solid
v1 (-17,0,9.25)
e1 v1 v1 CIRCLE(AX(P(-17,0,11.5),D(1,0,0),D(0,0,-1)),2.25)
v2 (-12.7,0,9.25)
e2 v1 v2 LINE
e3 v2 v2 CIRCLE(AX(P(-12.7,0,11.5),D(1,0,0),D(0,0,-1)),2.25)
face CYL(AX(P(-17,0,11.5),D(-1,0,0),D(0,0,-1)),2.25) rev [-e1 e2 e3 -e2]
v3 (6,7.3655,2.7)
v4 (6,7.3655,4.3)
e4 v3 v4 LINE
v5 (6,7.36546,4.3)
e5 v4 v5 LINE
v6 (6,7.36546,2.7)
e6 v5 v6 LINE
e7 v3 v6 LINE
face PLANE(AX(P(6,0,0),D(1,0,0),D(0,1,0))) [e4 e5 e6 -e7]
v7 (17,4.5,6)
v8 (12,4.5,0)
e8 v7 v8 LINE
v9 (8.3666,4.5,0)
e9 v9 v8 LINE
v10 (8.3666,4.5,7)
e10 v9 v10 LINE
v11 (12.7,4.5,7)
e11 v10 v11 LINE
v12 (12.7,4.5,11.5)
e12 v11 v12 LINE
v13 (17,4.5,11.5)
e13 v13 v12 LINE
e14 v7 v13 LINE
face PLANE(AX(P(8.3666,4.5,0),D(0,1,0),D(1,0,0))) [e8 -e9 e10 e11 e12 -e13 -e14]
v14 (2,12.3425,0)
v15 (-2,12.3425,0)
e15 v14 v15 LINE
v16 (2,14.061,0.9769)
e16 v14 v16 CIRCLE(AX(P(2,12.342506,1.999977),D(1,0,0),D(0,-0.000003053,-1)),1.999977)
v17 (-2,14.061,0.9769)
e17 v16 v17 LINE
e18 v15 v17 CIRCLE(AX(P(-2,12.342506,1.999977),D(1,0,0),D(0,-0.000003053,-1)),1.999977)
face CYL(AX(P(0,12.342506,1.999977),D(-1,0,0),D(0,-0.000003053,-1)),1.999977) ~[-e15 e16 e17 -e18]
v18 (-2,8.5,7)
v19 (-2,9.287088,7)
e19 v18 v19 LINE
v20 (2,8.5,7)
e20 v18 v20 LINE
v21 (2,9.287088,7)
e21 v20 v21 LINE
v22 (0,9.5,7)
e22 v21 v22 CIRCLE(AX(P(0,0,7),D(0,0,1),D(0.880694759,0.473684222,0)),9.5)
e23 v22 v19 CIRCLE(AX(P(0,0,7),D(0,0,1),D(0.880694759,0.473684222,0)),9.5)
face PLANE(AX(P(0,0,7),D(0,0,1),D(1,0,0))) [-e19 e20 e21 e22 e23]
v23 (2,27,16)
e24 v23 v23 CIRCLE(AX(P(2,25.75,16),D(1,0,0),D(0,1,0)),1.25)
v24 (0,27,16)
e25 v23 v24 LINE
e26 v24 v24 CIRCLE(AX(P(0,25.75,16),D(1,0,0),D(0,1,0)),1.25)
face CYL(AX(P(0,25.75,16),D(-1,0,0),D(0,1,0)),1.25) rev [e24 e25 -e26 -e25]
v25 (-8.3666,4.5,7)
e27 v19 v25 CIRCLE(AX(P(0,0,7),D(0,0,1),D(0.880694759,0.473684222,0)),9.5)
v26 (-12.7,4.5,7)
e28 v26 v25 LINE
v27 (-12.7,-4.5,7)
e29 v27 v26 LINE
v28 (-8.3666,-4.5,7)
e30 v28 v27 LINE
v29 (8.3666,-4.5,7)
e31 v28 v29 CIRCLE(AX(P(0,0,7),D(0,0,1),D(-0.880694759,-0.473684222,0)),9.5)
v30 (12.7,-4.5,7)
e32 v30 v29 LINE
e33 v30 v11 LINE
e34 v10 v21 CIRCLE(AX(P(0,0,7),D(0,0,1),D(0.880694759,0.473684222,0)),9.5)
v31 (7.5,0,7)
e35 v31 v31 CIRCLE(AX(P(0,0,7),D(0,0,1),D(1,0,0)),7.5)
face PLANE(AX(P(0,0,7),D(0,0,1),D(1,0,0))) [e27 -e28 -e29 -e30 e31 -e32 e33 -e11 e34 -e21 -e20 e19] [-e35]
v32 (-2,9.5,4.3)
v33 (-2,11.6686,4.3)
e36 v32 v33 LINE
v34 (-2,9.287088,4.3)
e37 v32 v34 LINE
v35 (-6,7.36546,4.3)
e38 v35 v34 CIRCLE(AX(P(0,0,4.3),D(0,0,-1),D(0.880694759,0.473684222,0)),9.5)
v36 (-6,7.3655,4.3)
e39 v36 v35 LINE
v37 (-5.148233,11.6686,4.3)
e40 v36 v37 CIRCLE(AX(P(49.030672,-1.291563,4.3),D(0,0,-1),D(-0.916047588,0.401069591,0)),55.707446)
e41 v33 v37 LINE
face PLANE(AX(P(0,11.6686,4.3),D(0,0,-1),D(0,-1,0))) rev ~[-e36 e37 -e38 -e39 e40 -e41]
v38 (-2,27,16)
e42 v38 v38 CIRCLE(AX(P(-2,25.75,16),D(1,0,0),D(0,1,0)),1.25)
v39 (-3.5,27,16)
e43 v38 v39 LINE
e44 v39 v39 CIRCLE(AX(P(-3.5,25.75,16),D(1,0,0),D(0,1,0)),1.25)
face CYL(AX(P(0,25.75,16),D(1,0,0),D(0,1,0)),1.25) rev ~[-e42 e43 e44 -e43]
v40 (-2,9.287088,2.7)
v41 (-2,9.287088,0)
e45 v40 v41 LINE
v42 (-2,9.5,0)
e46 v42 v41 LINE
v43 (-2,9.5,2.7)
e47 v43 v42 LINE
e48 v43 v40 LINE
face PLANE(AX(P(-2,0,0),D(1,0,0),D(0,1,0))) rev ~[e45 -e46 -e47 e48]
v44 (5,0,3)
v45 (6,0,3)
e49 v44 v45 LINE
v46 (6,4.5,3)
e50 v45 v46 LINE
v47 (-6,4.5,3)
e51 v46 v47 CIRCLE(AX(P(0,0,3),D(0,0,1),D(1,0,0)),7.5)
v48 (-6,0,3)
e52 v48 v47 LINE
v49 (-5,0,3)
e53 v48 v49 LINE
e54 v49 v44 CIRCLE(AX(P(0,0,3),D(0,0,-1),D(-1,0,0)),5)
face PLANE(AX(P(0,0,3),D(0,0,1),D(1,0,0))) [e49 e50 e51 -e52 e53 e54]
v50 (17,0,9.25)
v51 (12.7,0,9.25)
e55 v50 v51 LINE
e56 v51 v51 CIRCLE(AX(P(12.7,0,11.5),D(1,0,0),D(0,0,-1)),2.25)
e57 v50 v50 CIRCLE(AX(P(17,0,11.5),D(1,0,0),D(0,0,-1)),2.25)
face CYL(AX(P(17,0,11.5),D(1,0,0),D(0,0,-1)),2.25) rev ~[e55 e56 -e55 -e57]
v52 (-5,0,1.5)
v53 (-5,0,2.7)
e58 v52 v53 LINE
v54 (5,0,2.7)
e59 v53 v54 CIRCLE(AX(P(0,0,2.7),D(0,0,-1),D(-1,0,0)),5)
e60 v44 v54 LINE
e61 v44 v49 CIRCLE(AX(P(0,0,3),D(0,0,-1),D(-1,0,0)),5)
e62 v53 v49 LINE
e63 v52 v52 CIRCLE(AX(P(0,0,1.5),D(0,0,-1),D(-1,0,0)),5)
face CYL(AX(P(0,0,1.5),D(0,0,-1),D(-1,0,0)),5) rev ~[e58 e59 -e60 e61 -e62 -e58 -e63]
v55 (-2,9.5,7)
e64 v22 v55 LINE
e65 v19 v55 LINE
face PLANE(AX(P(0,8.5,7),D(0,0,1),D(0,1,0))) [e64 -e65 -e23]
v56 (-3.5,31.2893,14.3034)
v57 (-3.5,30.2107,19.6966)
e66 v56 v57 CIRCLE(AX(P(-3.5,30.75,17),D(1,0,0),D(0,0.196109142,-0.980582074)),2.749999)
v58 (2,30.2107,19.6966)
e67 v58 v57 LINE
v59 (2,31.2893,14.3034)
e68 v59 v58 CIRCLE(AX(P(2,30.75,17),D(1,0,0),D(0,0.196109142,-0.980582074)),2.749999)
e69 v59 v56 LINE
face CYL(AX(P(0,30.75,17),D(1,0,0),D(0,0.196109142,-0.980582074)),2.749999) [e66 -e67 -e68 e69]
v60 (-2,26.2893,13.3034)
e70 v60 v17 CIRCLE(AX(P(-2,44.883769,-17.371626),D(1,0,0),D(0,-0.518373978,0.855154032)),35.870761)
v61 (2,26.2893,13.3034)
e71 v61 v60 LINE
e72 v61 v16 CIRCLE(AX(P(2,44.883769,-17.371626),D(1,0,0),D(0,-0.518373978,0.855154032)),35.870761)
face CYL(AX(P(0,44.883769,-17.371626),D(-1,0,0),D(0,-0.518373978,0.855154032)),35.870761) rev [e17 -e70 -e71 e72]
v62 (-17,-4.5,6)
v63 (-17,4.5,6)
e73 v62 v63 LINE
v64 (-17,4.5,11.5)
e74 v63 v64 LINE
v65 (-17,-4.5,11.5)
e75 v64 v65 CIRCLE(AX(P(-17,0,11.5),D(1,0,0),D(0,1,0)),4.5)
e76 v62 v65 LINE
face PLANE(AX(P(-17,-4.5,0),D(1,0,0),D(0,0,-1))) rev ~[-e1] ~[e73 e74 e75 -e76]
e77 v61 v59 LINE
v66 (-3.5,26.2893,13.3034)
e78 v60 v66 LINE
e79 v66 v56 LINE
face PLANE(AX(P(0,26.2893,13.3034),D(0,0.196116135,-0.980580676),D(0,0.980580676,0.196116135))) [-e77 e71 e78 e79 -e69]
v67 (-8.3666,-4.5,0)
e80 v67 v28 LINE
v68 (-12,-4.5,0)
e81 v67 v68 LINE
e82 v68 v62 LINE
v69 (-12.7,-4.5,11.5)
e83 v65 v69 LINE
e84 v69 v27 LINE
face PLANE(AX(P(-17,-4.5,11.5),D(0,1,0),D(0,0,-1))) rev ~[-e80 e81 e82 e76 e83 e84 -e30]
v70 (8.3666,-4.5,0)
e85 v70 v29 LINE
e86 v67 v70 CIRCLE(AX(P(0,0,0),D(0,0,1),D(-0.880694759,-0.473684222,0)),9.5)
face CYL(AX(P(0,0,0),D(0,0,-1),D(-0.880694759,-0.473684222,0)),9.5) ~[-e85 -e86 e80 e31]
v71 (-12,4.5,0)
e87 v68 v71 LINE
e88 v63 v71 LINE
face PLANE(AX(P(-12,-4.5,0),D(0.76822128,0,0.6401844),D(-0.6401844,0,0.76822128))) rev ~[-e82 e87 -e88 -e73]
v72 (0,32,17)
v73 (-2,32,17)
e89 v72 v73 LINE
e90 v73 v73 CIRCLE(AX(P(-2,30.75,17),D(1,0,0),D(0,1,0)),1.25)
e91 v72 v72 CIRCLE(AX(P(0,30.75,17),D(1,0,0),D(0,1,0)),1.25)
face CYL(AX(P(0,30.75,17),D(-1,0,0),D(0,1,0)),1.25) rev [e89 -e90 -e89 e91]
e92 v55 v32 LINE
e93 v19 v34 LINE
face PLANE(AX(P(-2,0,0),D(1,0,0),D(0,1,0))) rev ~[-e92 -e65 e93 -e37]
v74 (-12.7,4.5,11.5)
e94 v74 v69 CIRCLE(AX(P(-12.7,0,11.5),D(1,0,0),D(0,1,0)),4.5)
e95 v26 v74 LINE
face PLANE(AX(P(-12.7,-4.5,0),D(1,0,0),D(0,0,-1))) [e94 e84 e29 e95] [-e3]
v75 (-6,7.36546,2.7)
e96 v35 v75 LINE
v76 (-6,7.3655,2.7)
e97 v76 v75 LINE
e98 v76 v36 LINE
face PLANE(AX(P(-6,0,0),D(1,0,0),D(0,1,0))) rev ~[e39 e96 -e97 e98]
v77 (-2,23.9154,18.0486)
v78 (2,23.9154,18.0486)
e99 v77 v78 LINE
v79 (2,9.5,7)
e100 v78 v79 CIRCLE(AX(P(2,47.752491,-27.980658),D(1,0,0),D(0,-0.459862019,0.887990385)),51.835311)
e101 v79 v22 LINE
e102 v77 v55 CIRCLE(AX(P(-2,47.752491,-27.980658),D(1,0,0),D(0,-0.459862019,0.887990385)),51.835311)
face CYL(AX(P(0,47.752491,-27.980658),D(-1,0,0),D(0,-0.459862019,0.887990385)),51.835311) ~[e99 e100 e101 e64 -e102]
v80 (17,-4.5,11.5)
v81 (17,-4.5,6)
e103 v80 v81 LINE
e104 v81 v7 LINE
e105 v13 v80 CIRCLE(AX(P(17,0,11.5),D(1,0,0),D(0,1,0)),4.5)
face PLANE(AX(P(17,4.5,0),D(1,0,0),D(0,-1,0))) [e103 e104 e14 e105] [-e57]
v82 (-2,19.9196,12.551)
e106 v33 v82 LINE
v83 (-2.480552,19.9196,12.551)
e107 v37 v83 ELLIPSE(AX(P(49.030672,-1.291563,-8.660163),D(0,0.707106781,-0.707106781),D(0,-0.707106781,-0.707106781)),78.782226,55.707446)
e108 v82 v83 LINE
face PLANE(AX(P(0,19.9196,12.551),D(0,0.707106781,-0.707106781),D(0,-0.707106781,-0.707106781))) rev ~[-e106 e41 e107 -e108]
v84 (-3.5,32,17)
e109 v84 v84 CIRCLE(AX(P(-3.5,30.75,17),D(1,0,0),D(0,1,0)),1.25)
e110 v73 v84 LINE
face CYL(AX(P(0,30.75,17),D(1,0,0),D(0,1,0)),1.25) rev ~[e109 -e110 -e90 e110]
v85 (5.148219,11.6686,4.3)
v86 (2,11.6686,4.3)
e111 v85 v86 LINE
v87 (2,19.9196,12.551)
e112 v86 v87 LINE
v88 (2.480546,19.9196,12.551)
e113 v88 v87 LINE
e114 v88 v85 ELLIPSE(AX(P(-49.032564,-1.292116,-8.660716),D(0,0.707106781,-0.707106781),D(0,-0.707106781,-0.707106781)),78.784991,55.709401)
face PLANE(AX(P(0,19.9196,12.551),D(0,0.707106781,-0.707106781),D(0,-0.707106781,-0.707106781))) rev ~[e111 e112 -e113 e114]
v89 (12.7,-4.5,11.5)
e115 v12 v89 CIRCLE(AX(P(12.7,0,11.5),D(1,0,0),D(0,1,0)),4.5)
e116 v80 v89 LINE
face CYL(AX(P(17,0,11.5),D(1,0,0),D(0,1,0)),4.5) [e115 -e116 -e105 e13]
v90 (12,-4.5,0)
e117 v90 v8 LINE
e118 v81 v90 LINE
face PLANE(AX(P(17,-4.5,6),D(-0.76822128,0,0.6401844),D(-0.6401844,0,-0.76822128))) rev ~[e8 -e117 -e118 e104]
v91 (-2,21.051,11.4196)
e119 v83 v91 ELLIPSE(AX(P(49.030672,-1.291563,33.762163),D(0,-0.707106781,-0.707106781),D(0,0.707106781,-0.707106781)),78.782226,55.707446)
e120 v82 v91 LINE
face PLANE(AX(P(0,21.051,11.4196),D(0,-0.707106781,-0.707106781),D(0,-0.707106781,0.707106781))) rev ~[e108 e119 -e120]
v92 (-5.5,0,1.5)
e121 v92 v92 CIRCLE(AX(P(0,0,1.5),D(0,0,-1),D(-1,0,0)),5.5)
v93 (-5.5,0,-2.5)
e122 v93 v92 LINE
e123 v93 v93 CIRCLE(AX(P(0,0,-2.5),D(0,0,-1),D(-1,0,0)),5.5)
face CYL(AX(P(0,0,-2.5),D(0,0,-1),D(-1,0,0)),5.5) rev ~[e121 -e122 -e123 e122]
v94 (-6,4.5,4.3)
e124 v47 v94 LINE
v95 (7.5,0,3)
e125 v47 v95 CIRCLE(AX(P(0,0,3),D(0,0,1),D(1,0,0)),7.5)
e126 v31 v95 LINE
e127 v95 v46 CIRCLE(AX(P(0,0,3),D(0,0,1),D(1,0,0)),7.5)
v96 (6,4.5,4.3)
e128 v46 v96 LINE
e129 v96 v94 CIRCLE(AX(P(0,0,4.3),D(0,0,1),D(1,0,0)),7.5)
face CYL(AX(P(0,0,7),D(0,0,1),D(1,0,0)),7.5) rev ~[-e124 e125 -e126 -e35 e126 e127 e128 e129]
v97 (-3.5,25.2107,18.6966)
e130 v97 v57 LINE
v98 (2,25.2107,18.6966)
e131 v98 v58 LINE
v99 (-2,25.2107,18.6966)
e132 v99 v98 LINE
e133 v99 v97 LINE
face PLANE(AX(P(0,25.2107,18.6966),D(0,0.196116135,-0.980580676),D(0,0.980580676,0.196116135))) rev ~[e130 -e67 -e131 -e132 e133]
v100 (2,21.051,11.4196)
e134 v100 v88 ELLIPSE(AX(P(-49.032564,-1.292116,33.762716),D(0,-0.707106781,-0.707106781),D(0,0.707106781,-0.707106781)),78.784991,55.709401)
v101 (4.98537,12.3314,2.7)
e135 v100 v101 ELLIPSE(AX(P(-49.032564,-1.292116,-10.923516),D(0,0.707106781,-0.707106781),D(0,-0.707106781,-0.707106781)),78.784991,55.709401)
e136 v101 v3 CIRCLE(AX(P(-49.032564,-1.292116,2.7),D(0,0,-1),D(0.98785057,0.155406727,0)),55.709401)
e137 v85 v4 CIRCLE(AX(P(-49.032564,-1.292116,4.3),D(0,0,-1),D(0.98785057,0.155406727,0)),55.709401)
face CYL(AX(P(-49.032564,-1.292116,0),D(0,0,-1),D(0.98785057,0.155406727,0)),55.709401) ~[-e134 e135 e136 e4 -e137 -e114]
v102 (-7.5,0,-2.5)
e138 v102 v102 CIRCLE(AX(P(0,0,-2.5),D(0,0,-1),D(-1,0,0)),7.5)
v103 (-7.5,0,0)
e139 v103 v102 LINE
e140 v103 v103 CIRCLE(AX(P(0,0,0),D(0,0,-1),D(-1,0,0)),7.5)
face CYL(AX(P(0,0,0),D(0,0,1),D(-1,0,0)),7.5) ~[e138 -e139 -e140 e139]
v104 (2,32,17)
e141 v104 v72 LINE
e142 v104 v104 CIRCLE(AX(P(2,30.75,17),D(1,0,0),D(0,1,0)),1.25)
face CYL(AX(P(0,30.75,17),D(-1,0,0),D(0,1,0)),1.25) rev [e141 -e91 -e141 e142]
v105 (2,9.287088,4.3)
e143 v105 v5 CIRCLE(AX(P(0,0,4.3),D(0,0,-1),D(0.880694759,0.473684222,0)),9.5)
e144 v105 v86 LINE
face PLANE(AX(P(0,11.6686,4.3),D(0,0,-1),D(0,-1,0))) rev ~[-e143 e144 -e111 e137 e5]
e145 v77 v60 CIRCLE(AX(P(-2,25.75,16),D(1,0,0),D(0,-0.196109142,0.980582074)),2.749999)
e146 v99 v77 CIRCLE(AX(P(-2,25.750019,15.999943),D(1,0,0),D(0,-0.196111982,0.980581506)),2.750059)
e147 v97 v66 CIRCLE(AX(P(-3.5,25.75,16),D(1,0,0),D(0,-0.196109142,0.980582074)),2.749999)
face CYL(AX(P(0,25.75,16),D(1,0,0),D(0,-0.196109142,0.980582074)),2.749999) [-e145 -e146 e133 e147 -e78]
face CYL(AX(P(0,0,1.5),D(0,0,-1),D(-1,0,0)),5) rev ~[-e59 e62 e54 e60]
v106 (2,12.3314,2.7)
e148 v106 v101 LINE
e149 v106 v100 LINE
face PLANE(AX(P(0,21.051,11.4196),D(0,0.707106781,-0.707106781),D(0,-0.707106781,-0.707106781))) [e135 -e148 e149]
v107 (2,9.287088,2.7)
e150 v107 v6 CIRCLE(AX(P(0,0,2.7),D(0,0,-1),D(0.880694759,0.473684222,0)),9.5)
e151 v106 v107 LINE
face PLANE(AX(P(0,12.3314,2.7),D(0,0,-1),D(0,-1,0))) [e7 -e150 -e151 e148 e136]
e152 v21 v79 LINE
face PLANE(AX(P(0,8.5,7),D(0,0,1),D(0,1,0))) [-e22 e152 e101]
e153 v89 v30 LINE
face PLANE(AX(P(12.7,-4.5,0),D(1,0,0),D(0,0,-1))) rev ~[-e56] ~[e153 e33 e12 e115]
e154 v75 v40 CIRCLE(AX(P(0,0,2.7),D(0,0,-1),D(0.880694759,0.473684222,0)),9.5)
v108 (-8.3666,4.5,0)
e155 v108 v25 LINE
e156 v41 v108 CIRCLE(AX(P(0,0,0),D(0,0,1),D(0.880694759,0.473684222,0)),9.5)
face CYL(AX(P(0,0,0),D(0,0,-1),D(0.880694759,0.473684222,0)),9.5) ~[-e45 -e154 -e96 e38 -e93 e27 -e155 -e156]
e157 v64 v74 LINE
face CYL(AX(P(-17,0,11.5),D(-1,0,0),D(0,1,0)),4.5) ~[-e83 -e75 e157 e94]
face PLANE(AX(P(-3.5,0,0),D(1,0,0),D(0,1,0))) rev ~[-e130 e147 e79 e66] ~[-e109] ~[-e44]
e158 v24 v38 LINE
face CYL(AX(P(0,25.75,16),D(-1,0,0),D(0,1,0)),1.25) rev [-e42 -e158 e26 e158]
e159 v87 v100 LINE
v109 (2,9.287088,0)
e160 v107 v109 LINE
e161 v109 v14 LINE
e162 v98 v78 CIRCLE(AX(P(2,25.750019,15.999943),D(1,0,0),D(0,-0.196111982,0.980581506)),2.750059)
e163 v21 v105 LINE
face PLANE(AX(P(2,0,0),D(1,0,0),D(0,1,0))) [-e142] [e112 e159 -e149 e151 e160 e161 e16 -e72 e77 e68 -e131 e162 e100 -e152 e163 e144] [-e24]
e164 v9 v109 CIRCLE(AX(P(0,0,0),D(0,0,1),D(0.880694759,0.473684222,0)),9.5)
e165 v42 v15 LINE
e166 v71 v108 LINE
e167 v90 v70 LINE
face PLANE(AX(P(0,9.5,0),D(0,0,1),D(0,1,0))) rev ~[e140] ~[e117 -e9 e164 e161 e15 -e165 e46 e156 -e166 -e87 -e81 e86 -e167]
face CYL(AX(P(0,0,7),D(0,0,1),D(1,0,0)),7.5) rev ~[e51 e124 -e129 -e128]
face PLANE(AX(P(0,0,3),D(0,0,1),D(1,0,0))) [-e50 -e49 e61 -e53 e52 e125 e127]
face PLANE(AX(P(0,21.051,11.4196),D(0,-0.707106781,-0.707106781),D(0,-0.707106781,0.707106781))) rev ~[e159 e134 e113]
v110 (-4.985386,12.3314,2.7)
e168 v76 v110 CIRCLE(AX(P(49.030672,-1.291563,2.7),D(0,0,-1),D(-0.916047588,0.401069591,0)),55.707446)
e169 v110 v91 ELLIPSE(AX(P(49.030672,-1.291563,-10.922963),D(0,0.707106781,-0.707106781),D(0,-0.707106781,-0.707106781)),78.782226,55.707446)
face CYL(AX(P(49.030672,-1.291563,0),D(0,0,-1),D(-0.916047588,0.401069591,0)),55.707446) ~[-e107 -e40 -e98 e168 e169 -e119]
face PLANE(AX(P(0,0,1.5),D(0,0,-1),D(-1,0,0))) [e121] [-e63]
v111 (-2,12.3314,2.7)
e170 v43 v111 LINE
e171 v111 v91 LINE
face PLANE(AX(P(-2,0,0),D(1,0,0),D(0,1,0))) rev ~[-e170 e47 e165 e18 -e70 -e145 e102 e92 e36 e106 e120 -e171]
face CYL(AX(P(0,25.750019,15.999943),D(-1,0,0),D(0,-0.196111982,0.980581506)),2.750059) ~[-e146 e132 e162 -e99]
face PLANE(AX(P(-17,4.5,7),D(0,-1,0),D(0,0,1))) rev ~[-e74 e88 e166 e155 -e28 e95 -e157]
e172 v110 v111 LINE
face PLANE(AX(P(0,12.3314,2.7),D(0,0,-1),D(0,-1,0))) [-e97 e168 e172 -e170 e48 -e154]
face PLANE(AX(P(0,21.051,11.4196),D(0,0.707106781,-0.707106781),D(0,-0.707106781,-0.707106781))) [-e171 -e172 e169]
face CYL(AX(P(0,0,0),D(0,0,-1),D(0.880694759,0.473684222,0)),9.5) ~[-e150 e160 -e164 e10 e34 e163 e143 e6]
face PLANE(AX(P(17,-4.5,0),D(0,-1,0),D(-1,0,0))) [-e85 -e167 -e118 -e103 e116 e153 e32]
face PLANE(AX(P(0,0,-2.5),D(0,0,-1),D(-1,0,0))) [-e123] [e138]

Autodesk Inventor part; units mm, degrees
ref_plane "YZ Plane" through (0, 0, 0) normal (1, 0, 0) x (0, 1, 0)
ref_plane "XZ Plane" through (0, 0, 0) normal (0, 1, 0) x (-1, 0, 0)
ref_plane "XY Plane" through (0, 0, 0) normal (0, 0, 1) x (1, 0, 0)
sketch "Sketch1" plane through (0, 0, 0) normal (0, 0, 1) x (1, 0, 0)
  line L0 (17, 4.5) -> (17, -4.5)
  line L1 (-17, -4.5) -> (-17, 4.5)
  arc A0 (-8.3666, -4.5) -> (8.3666, -4.5) centre (0, 0) ccw
  arc A1 (8.3666, 4.5) -> (-8.3666, 4.5) centre (0, 0) ccw
  line L2 (-17, 4.5) -> (-8.3666, 4.5)
  line L3 (8.3666, 4.5) -> (17, 4.5)
  line L4 (17, -4.5) -> (8.3666, -4.5)
  line L5 (-8.3666, -4.5) -> (-17, -4.5)
  line L6 (-17, 4.5) -> (17, -4.5) construction
  line L7 (-17, -4.5) -> (17, 4.5) construction
  point P0 (0, 0)
  point P1 (0, 0)
  dimension "d0" = 9
  dimension "d1" = 34
  dimension "d2" = 9.5
  dimension "d3" = 9
  dimension "d4" = 9.5
  dimension "d12" = 4.5
extrude "Extrusion1" add sketch "Sketch1" along normal blind 7
sketch "Sketch2" plane through (17, -4.5, 0) normal (1, 0, 0) x (0, 0, -1)
  arc A0 (-11.5, 9) -> (-11.5, 0) centre (-11.5, 4.5) ccw
  circle A1 centre (-11.5, 4.5) radius 2.25
  line L0 (-7, 9) -> (-11.5, 9)
  line L1 (-11.5, 0) -> (-7, 0)
  line L2 (-7, 0) -> (-7, 9)
  point P0 (0, 4.5)
  point P1 (-7, 0)
  dimension "d7" = 9
  dimension "d8" = 4.5
  dimension "d9" = 9
extrude "Extrusion2" add sketch "Sketch2" against normal blind 4.3
extrude "Extrusion3" add sketch "Sketch2" along normal blind 4.3 from surface at -34
sketch "Sketch3" plane through (-17, -4.5, 0) normal (0, -1, 0) x (1, 0, 0)
  line L0 (0, 6) -> (0, 0)
  line L1 (0, 0) -> (5, 0)
  line L2 (5, 0) -> (0, 6)
  line L3 (29, 0) -> (34, 0)
  line L4 (34, 0) -> (34, 6)
  line L5 (34, 6) -> (29, 0)
  point P0 (17, 0)
  dimension "d15" = 6
  dimension "d16" = 5
  dimension "d17" = 6
  dimension "d18" = 5
extrude "Extrusion4" cut sketch "Sketch3" against normal up to next
sketch "Sketch4" plane through (0, 0, 0) normal (0, 0, -1) x (-1, 0, 0)
  circle A0 centre (0, 0) radius 7.5
  dimension "d21" = 15
extrude "Extrusion5" add sketch "Sketch4" along normal blind 2.5
sketch "Sketch5" plane through (0, 0, 7) normal (0, 0, 1) x (1, 0, 0)
  circle A0 centre (0, 0) radius 7.5
  dimension "d24" = 15
extrude "Extrusion6" cut sketch "Sketch5" against normal blind 4
sketch "Sketch6" plane through (0, 0, -2.5) normal (0, 0, -1) x (-1, 0, 0)
  circle A0 centre (0, 0) radius 5.5
  dimension "d27" = 11
extrude "Extrusion7" cut sketch "Sketch6" against normal blind 4
sketch "Sketch7" plane through (0, 0, 1.5) normal (0, 0, -1) x (-1, 0, 0)
  circle A0 centre (0, 0) radius 5
  dimension "d30" = 10
extrude "Extrusion8" cut sketch "Sketch7" against normal up to next
sketch "Sketch9" plane through (0, 0, 0) normal (1, 0, 0) x (0, 1, 0)
  arc A0 (31.2893, 14.3034) -> (30.2107, 19.6966) centre (30.75, 17) ccw
  line L0 (-9.5504, 0) -> (57.3026, 0) projected
  line L1 (0, -37.6235) -> (0, 29.8791) projected
  circle A1 centre (30.75, 17) radius 1.25
  arc A2 (25.2107, 18.6966) -> (23.9154, 18.0486) centre (25.75, 16) ccw
  circle A3 centre (25.75, 16) radius 1.25
  line L2 (9.5, 7) -> (9.5, 0)
  line L3 (9.5, 0) -> (12.3425, 0)
  line L4 (25.2107, 18.6966) -> (30.2107, 19.6966)
  line L5 (26.2893, 13.3034) -> (31.2893, 14.3034)
  arc A4 (23.9154, 18.0486) -> (9.5, 7) centre (47.7522, -27.9802) ccw
  arc A5 (26.2893, 13.3034) -> (14.061, 0.9769) centre (44.8843, -17.3723) ccw
  arc A6 (12.3425, 0) -> (14.061, 0.9769) centre (12.3425, 2) ccw
  line L6 (8.5, 7) -> (9.5, 7)
  line L7 (9.5, 7) -> (9.5, 0)
  line L8 (9.5, 0) -> (8.5, 0)
  line L9 (8.5, 0) -> (8.5, 7)
  point P0 (0, 0)
  point P1 (13.5, 0)
  dimension "d53" = 5.5
  dimension "d54" = 17
  dimension "d55" = 30.75
  dimension "d56" = 2.5
  dimension "d57" = 16
  dimension "d58" = 25.75
  dimension "d59" = 4
  dimension "d60" = 7
  dimension "d61" = 9.5
  dimension "d62" = 0
  dimension "d63" = 51.8348
  dimension "d64" = 35.8716
  dimension "d65" = 2
  dimension "d88" = 7
  dimension "d89" = 1
  dimension "d90" = 0
  dimension "d91" = 0
extrude "Extrusion9" add sketch "Sketch9" along normal mid plane 4 contours L5 A5 A6 L0 L2 A4 A2 L4 A0
sketch "Sketch10" plane through (0, 0, 0) normal (1, 0, 0) x (0, 1, 0)
  arc A0 (25.2107, 18.6966) -> (26.2893, 13.3034) centre (25.75, 16) ccw
  circle A1 centre (25.75, 16) radius 1.25 projected
  arc A2 (31.2893, 14.3034) -> (30.2107, 19.6966) centre (30.75, 17) ccw
  circle A3 centre (25.75, 16) radius 1.25
  circle A4 centre (30.75, 17) radius 1.25
  circle A5 centre (30.75, 17) radius 1.25 projected
  line L0 (25.2107, 18.6966) -> (30.2107, 19.6966)
  line L1 (26.2893, 13.3034) -> (31.2893, 14.3034)
  point P0 (0, 0)
  dimension "d68" = 5.5
  dimension "d69" = 2.5
extrude "Extrusion10" add sketch "Sketch10" against normal blind 3.5
sketch "Sketch11" plane through (0, 0, 0) normal (1, 0, 0) x (0, 1, 0)
  line L0 (-4.2102, 0) -> (25.2612, 0) projected
  line L1 (0, -2.5102) -> (0, 15.0612) projected
  line L2 (19.9196, 12.551) -> (11.6686, 4.3)
  line L3 (11.6686, 4.3) -> (0, 4.3)
  line L4 (21.051, 11.4196) -> (12.3314, 2.7)
  line L5 (12.3314, 2.7) -> (0, 2.7)
  line L6 (21.051, 11.4196) -> (19.9196, 12.551)
  line L7 (0, 4.3) -> (0, 2.7)
  point P0 (0, 0)
extrude "Extrusion11" add sketch "Sketch11" along normal mid plane 12
extrude "Extrusion12" cut sketch "Sketch5" against normal blind 4
extrude "Extrusion13" cut sketch "Sketch7" against normal through all
sketch "Sketch12" plane through (0, 0, 0) normal (0, 0, 1) x (1, 0, 0)
  line L0 (6, 7.3655) -> (6, 12.3314) projected
  line L1 (2, 21.051) -> (6, 21.051) projected
  arc A0 (6, 7.3655) -> (2, 21.051) centre (-49.0316, -1.2919) ccw
  line L2 (0, 0) -> (0, 16.5543) construction
  arc A1 (-2, 21.051) -> (-6, 7.3655) centre (49.0316, -1.2919) ccw
  line L3 (2, 26.2893) -> (2, 14.061) construction
  line L4 (2, 21.051) -> (6, 21.051)
  line L5 (6, 7.3655) -> (6, 21.051)
  line L6 (-6, 7.3655) -> (-6, 21.051)
  line L7 (-2, 21.051) -> (-6, 21.051)
extrude "Extrusion14" cut sketch "Sketch12" along normal up to next
sketch "Sketch13" plane through (0, 0, 0) normal (1, 0, 0) x (0, 1, 0)
  line L0 (8.5, 7) -> (9.5, 7)
  line L1 (9.5, 7) -> (9.5, 0)
  line L2 (9.5, 0) -> (8.5, 0)
  line L3 (8.5, 0) -> (8.5, 7)
  line L4 (0, -6.95) -> (0, 24.2) projected
  line L5 (-18.1, 0) -> (42.1, 0) projected
  point P0 (0, 0)
  dimension "d92" = 7
  dimension "d93" = 1
  dimension "d94" = 9.5
  dimension "d95" = 0
extrude "Extrusion15" add sketch "Sketch13" along normal mid plane 4
properties part number "RCT-P006_steering_knuckle"
